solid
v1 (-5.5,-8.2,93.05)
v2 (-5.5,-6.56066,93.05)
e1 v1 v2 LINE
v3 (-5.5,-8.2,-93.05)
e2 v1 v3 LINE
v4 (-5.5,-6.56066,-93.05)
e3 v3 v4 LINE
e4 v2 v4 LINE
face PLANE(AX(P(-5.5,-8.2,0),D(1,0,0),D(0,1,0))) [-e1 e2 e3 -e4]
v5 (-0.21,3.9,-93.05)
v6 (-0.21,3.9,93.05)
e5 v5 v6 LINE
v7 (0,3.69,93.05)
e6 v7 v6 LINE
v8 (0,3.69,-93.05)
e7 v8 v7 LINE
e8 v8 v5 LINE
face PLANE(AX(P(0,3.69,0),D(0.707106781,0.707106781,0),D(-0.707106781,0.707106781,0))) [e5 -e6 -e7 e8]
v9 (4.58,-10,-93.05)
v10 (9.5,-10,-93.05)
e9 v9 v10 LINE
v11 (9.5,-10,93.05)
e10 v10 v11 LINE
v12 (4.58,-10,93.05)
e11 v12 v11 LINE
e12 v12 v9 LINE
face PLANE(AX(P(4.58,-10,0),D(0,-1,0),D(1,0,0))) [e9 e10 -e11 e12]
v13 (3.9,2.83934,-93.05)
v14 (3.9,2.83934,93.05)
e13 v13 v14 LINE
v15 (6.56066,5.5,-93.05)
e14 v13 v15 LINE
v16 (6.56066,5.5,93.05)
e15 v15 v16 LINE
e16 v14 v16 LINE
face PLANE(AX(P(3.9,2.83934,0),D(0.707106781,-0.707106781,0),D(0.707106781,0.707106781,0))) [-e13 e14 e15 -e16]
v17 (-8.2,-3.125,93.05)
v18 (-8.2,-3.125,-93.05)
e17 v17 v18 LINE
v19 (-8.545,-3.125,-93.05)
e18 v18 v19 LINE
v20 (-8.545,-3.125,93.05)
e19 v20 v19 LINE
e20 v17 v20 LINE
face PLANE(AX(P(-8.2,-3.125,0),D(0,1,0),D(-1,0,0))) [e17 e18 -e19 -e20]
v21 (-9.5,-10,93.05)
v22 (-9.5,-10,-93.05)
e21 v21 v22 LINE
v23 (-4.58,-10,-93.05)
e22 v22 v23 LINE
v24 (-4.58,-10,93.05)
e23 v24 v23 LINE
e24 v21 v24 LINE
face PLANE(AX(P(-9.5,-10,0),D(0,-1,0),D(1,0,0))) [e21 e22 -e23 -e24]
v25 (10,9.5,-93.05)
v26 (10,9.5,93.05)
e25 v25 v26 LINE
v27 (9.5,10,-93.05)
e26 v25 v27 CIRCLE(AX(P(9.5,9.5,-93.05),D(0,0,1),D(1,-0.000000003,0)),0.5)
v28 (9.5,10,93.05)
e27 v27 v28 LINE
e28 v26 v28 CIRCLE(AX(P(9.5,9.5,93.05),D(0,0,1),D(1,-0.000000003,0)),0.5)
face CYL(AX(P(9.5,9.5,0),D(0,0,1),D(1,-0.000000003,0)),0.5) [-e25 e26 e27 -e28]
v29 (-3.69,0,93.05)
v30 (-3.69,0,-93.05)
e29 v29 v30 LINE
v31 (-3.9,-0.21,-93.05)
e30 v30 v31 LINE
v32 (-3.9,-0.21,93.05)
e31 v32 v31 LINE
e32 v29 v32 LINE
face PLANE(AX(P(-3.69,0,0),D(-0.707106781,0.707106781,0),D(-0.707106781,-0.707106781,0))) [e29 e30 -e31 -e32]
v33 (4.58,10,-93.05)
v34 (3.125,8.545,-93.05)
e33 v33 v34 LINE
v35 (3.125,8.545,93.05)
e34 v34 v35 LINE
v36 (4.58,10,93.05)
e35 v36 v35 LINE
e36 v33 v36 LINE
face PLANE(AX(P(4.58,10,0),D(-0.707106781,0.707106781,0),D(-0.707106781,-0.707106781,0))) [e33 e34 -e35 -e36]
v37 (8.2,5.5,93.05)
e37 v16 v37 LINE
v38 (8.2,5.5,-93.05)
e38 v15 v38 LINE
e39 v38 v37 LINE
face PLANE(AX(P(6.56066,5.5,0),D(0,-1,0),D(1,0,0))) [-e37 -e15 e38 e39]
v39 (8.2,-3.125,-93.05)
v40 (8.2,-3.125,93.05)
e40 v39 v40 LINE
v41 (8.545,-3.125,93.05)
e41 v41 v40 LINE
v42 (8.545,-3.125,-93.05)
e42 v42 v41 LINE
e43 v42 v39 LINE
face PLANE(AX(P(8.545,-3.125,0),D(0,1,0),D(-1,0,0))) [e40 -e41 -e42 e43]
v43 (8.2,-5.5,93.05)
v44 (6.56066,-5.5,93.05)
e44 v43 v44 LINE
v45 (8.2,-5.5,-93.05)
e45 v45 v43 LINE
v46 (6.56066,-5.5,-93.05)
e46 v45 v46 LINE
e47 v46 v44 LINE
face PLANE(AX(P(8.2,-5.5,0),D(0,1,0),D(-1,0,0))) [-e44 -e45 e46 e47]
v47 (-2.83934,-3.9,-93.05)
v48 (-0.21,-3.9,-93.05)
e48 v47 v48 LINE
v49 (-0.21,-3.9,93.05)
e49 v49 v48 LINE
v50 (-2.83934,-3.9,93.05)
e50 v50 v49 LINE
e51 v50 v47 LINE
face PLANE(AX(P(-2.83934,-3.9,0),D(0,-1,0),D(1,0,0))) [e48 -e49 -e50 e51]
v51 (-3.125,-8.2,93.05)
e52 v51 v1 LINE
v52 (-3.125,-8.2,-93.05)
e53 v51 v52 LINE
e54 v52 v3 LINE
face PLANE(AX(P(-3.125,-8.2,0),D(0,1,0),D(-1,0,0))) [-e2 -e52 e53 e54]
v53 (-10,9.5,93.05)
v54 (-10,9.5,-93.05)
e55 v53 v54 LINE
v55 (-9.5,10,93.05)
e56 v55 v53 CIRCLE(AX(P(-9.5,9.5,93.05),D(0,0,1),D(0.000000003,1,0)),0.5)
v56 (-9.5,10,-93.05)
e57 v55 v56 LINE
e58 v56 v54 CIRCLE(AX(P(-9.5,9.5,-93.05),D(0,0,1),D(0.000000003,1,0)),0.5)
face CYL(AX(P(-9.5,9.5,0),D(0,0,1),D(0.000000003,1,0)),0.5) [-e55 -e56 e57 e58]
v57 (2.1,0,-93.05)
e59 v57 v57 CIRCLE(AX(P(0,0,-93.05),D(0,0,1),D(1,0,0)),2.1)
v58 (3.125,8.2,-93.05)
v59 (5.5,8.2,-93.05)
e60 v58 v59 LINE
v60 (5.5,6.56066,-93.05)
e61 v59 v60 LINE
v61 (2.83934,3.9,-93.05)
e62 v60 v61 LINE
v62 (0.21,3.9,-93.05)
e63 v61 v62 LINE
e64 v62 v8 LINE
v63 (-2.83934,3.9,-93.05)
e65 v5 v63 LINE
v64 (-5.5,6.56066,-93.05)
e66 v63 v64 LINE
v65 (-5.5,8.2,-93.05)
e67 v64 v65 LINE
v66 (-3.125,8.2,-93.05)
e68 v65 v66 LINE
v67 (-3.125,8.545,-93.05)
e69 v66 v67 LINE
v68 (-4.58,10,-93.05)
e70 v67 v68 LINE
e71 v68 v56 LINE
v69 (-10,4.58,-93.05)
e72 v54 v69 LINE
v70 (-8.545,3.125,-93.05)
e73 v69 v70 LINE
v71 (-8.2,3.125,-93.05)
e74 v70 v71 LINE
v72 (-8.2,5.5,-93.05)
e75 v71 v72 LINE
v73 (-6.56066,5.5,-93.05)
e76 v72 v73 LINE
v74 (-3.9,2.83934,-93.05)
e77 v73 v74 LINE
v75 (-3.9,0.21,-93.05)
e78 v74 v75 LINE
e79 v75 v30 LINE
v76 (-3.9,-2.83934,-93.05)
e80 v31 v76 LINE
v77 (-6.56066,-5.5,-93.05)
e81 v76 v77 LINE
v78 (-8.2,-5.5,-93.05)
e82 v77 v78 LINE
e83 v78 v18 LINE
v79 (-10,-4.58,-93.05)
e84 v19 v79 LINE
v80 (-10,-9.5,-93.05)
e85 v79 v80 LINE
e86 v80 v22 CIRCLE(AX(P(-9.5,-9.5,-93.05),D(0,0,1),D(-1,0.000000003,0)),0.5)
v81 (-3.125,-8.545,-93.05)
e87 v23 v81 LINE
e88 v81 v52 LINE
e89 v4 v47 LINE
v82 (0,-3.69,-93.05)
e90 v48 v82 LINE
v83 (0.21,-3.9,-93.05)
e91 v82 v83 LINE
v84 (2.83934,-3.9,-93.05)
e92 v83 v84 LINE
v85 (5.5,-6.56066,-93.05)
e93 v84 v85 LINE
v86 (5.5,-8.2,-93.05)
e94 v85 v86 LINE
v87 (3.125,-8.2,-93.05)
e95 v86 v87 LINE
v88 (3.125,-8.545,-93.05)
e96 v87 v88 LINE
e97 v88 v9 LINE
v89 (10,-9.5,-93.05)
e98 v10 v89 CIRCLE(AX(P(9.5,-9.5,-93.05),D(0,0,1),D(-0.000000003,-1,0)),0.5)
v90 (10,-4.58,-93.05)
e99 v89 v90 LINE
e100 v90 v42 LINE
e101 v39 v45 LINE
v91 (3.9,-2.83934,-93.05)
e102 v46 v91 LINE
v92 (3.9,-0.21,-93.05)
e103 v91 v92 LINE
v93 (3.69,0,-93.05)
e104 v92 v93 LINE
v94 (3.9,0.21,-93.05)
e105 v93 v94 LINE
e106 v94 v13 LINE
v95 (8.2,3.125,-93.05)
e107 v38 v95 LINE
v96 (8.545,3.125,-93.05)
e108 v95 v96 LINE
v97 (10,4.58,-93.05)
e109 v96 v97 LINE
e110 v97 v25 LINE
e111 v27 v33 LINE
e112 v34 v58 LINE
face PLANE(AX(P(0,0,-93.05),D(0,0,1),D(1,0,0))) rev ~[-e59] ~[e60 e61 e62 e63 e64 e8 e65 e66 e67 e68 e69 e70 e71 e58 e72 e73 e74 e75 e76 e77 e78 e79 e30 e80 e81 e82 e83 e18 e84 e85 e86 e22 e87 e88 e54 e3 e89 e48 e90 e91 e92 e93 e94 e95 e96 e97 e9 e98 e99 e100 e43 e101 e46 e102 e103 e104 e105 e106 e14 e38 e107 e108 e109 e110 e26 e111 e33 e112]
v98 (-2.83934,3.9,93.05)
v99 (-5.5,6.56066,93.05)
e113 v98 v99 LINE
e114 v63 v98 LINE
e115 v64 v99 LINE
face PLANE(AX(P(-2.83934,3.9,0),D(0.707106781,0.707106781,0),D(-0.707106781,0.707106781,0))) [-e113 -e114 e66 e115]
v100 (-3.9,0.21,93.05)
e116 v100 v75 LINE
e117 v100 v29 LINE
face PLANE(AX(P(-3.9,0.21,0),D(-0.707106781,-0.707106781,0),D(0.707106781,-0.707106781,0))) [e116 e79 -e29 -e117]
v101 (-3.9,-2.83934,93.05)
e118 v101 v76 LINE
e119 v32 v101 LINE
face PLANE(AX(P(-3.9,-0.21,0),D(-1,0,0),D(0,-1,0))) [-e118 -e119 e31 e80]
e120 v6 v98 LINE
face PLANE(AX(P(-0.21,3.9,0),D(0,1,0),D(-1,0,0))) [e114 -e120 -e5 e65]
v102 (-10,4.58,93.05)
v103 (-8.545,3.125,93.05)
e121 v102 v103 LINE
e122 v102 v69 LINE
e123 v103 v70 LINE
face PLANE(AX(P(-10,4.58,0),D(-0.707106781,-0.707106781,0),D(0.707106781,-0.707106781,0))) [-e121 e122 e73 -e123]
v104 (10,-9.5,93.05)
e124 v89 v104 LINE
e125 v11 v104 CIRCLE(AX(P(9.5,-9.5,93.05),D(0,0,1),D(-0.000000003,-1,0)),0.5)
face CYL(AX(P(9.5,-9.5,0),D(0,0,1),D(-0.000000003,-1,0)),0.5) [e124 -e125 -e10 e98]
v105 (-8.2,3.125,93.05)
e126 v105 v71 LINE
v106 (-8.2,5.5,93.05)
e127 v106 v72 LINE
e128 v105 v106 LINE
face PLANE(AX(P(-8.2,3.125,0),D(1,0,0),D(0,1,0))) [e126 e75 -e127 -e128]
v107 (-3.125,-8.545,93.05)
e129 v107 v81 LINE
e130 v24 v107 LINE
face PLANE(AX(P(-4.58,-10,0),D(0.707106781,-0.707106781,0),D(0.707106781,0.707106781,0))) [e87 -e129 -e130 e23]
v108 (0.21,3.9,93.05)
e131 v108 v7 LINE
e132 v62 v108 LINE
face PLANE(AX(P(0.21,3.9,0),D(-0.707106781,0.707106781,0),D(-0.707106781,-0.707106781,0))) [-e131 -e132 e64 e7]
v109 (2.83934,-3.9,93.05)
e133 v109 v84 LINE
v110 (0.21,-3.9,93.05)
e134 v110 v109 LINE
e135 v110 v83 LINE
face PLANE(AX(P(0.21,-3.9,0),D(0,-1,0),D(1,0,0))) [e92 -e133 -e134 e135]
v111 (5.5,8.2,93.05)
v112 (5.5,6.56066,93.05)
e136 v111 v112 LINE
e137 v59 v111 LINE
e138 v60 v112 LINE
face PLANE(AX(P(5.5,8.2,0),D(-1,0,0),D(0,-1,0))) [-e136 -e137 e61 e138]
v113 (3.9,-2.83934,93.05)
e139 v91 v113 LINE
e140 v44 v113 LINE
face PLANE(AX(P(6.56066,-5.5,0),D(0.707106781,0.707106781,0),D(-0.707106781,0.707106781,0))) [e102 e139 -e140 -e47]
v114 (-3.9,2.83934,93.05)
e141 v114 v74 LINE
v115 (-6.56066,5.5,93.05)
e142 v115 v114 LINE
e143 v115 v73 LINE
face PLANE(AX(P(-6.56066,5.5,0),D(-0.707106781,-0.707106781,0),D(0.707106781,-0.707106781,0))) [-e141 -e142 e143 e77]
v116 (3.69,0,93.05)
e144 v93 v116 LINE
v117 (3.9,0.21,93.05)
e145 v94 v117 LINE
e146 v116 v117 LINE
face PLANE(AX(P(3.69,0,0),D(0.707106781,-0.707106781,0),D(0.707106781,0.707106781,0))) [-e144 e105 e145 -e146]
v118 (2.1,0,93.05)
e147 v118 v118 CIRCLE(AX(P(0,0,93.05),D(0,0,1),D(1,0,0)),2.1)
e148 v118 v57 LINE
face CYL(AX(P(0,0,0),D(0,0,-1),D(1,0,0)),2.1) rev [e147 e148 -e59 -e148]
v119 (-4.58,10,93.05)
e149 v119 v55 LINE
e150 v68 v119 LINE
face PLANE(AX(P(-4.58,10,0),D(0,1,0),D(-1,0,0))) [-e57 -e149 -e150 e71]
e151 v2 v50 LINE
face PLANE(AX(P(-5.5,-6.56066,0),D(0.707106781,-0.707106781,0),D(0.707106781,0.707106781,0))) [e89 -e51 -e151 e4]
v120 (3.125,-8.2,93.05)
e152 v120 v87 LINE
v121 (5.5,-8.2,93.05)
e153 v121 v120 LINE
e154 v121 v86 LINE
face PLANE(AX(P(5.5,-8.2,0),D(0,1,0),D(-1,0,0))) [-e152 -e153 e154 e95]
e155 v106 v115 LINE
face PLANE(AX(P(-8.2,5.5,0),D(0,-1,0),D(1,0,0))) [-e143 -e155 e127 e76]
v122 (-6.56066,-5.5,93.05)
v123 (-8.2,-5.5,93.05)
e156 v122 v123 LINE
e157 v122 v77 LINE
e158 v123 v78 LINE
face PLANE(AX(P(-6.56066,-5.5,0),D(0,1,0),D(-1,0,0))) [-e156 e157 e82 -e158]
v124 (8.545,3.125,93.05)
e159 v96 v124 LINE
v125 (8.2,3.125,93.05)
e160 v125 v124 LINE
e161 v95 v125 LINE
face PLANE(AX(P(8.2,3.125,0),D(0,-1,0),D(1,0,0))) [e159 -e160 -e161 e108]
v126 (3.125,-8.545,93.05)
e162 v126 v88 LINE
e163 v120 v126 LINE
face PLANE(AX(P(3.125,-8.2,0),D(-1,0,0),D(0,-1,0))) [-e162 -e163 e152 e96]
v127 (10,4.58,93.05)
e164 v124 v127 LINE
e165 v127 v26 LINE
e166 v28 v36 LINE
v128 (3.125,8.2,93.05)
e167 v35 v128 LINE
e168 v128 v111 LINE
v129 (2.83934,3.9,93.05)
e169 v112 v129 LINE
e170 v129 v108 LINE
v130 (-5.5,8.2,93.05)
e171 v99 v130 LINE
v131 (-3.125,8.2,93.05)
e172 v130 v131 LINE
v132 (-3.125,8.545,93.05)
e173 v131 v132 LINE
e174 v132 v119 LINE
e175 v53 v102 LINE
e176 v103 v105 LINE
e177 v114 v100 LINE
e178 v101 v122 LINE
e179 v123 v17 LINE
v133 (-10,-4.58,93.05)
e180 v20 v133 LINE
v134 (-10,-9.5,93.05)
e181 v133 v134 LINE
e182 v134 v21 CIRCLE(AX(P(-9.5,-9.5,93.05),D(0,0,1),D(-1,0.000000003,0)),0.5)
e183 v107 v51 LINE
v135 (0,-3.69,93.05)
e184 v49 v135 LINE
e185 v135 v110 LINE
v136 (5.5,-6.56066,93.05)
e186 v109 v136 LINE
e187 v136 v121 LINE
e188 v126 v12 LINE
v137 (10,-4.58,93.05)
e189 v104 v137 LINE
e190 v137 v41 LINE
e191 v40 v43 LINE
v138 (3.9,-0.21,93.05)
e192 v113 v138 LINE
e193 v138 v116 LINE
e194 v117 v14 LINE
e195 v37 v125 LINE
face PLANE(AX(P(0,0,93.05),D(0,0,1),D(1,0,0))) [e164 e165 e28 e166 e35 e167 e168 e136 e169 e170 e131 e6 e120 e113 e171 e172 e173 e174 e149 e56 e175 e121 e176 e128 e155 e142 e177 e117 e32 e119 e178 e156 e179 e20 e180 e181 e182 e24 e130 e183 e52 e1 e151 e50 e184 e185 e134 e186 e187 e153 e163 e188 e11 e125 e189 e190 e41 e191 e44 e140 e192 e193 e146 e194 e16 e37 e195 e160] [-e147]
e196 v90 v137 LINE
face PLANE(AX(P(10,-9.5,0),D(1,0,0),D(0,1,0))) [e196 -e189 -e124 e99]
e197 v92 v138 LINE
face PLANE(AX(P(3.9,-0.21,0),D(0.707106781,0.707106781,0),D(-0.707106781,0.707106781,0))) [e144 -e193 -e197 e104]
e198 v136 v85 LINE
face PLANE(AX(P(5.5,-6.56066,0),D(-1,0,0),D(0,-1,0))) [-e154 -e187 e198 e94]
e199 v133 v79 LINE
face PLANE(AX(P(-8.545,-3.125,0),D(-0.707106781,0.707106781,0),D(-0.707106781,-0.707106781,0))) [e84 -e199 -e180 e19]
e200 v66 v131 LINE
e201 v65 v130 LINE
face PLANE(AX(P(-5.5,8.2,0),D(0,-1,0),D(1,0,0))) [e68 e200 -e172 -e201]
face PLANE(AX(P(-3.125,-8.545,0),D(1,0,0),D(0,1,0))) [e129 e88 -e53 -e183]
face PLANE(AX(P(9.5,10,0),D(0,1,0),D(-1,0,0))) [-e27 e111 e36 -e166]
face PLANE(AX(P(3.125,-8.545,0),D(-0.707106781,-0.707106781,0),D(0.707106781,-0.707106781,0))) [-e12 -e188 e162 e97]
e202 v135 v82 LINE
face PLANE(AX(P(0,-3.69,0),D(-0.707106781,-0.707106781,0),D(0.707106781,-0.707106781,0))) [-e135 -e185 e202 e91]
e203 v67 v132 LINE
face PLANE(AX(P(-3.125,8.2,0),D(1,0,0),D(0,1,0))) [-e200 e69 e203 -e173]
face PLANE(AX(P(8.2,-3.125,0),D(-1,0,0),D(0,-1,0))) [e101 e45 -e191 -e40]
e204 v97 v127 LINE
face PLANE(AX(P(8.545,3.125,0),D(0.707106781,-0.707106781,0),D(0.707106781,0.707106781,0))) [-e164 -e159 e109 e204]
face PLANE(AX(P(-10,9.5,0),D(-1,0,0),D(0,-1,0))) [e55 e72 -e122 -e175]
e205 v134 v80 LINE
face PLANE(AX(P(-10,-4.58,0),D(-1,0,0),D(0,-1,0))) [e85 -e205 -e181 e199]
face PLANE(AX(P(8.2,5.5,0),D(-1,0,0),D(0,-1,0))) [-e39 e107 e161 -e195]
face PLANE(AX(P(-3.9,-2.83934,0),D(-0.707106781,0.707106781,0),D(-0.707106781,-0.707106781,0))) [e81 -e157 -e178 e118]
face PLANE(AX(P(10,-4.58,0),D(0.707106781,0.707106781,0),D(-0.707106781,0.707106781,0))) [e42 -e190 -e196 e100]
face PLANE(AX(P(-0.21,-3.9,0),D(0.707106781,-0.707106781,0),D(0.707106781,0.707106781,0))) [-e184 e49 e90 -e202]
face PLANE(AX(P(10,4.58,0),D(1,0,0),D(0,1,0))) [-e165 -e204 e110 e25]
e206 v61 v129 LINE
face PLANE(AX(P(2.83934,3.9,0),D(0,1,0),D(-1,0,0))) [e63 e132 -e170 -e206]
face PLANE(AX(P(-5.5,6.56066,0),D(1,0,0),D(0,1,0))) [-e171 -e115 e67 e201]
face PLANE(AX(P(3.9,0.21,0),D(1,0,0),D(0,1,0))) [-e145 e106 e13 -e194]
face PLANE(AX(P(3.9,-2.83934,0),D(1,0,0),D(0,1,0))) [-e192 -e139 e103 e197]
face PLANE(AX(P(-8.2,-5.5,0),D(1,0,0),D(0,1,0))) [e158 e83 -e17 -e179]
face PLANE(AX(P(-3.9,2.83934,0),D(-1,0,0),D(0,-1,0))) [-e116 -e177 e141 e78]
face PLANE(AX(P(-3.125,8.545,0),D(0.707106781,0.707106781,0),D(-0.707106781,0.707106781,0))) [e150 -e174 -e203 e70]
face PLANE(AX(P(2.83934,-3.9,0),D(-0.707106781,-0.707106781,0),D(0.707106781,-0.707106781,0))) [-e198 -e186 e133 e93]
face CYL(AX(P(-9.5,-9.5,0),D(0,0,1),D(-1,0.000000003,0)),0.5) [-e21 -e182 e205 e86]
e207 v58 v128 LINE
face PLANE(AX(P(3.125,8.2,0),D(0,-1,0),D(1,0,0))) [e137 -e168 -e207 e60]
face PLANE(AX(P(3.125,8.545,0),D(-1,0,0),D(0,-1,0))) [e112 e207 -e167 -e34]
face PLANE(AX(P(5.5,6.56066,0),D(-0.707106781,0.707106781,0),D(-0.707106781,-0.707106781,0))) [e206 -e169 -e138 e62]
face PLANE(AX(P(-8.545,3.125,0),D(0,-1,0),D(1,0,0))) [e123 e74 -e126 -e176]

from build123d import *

# Parameters (mm, degrees)
SKETCH1_R           = 2.1
BOSS_EXTRUDE1_DEPTH = 93.05


with BuildPart() as part:
    # Sketch1 → Boss-Extrude1 (new, symmetric)
    with BuildSketch(Plane.XY):
        with BuildLine():
            Line((4.58, -10), (9.5, -10))
            ThreePointArc((9.5, -10), (9.853553391, -9.853553391), (10, -9.5))
            Line((10, -9.5), (10, -4.58))
            Line((10, -4.58), (8.545, -3.125))
            Line((8.545, -3.125), (8.2, -3.125))
            Line((8.2, -3.125), (8.2, -5.5))
            Line((8.2, -5.5), (6.560660172, -5.5))
            Line((6.560660172, -5.5), (3.9, -2.839339828))
            Line((3.9, -2.839339828), (3.9, -0.21))
            Line((3.9, -0.21), (3.69, 0))
            Line((3.69, 0), (3.9, 0.21))
            Line((3.9, 0.21), (3.9, 2.839339828))
            Line((3.9, 2.839339828), (6.560660172, 5.5))
            Line((6.560660172, 5.5), (8.2, 5.5))
            Line((8.2, 5.5), (8.2, 3.125))
            Line((8.2, 3.125), (8.545, 3.125))
            Line((8.545, 3.125), (10, 4.58))
            Line((10, 4.58), (10, 9.5))
            ThreePointArc((10, 9.5), (9.853553391, 9.853553391), (9.5, 10))
            Line((9.5, 10), (4.58, 10))
            Line((4.58, 10), (3.125, 8.545))
            Line((3.125, 8.545), (3.125, 8.2))
            Line((3.125, 8.2), (5.5, 8.2))
            Line((5.5, 8.2), (5.5, 6.560660172))
            Line((5.5, 6.560660172), (2.839339828, 3.9))
            Line((2.839339828, 3.9), (0.21, 3.9))
            Line((0.21, 3.9), (0, 3.69))
            Line((0, 3.69), (-0.21, 3.9))
            Line((-0.21, 3.9), (-2.839339828, 3.9))
            Line((-2.839339828, 3.9), (-5.5, 6.560660172))
            Line((-5.5, 6.560660172), (-5.5, 8.2))
            Line((-5.5, 8.2), (-3.125, 8.2))
            Line((-3.125, 8.2), (-3.125, 8.545))
            Line((-3.125, 8.545), (-4.58, 10))
            Line((-4.58, 10), (-9.5, 10))
            ThreePointArc((-9.5, 10), (-9.853553391, 9.853553391), (-10, 9.5))
            Line((-10, 9.5), (-10, 4.58))
            Line((-10, 4.58), (-8.545, 3.125))
            Line((-8.545, 3.125), (-8.2, 3.125))
            Line((-8.2, 3.125), (-8.2, 5.5))
            Line((-8.2, 5.5), (-6.560660172, 5.5))
            Line((-6.560660172, 5.5), (-3.9, 2.839339828))
            Line((-3.9, 2.839339828), (-3.9, 0.21))
            Line((-3.9, 0.21), (-3.69, 0))
            Line((-3.69, 0), (-3.9, -0.21))
            Line((-3.9, -0.21), (-3.9, -2.839339828))
            Line((-3.9, -2.839339828), (-6.560660172, -5.5))
            Line((-6.560660172, -5.5), (-8.2, -5.5))
            Line((-8.2, -5.5), (-8.2, -3.125))
            Line((-8.2, -3.125), (-8.545, -3.125))
            Line((-8.545, -3.125), (-10, -4.58))
            Line((-10, -4.58), (-10, -9.5))
            ThreePointArc((-10, -9.5), (-9.853553391, -9.853553391), (-9.5, -10))
            Line((-9.5, -10), (-4.58, -10))
            Line((-4.58, -10), (-3.125, -8.545))
            Line((-3.125, -8.545), (-3.125, -8.2))
            Line((-3.125, -8.2), (-5.5, -8.2))
            Line((-5.5, -8.2), (-5.5, -6.560660172))
            Line((-5.5, -6.560660172), (-2.839339828, -3.9))
            Line((-2.839339828, -3.9), (-0.21, -3.9))
            Line((-0.21, -3.9), (0, -3.69))
            Line((0, -3.69), (0.21, -3.9))
            Line((0.21, -3.9), (2.839339828, -3.9))
            Line((2.839339828, -3.9), (5.5, -6.560660172))
            Line((5.5, -6.560660172), (5.5, -8.2))
            Line((5.5, -8.2), (3.125, -8.2))
            Line((3.125, -8.2), (3.125, -8.545))
            Line((3.125, -8.545), (4.58, -10))
        make_face()
        Circle(SKETCH1_R, mode=Mode.SUBTRACT)
    extrude(amount=BOSS_EXTRUDE1_DEPTH, both=True)


solid = part.part
